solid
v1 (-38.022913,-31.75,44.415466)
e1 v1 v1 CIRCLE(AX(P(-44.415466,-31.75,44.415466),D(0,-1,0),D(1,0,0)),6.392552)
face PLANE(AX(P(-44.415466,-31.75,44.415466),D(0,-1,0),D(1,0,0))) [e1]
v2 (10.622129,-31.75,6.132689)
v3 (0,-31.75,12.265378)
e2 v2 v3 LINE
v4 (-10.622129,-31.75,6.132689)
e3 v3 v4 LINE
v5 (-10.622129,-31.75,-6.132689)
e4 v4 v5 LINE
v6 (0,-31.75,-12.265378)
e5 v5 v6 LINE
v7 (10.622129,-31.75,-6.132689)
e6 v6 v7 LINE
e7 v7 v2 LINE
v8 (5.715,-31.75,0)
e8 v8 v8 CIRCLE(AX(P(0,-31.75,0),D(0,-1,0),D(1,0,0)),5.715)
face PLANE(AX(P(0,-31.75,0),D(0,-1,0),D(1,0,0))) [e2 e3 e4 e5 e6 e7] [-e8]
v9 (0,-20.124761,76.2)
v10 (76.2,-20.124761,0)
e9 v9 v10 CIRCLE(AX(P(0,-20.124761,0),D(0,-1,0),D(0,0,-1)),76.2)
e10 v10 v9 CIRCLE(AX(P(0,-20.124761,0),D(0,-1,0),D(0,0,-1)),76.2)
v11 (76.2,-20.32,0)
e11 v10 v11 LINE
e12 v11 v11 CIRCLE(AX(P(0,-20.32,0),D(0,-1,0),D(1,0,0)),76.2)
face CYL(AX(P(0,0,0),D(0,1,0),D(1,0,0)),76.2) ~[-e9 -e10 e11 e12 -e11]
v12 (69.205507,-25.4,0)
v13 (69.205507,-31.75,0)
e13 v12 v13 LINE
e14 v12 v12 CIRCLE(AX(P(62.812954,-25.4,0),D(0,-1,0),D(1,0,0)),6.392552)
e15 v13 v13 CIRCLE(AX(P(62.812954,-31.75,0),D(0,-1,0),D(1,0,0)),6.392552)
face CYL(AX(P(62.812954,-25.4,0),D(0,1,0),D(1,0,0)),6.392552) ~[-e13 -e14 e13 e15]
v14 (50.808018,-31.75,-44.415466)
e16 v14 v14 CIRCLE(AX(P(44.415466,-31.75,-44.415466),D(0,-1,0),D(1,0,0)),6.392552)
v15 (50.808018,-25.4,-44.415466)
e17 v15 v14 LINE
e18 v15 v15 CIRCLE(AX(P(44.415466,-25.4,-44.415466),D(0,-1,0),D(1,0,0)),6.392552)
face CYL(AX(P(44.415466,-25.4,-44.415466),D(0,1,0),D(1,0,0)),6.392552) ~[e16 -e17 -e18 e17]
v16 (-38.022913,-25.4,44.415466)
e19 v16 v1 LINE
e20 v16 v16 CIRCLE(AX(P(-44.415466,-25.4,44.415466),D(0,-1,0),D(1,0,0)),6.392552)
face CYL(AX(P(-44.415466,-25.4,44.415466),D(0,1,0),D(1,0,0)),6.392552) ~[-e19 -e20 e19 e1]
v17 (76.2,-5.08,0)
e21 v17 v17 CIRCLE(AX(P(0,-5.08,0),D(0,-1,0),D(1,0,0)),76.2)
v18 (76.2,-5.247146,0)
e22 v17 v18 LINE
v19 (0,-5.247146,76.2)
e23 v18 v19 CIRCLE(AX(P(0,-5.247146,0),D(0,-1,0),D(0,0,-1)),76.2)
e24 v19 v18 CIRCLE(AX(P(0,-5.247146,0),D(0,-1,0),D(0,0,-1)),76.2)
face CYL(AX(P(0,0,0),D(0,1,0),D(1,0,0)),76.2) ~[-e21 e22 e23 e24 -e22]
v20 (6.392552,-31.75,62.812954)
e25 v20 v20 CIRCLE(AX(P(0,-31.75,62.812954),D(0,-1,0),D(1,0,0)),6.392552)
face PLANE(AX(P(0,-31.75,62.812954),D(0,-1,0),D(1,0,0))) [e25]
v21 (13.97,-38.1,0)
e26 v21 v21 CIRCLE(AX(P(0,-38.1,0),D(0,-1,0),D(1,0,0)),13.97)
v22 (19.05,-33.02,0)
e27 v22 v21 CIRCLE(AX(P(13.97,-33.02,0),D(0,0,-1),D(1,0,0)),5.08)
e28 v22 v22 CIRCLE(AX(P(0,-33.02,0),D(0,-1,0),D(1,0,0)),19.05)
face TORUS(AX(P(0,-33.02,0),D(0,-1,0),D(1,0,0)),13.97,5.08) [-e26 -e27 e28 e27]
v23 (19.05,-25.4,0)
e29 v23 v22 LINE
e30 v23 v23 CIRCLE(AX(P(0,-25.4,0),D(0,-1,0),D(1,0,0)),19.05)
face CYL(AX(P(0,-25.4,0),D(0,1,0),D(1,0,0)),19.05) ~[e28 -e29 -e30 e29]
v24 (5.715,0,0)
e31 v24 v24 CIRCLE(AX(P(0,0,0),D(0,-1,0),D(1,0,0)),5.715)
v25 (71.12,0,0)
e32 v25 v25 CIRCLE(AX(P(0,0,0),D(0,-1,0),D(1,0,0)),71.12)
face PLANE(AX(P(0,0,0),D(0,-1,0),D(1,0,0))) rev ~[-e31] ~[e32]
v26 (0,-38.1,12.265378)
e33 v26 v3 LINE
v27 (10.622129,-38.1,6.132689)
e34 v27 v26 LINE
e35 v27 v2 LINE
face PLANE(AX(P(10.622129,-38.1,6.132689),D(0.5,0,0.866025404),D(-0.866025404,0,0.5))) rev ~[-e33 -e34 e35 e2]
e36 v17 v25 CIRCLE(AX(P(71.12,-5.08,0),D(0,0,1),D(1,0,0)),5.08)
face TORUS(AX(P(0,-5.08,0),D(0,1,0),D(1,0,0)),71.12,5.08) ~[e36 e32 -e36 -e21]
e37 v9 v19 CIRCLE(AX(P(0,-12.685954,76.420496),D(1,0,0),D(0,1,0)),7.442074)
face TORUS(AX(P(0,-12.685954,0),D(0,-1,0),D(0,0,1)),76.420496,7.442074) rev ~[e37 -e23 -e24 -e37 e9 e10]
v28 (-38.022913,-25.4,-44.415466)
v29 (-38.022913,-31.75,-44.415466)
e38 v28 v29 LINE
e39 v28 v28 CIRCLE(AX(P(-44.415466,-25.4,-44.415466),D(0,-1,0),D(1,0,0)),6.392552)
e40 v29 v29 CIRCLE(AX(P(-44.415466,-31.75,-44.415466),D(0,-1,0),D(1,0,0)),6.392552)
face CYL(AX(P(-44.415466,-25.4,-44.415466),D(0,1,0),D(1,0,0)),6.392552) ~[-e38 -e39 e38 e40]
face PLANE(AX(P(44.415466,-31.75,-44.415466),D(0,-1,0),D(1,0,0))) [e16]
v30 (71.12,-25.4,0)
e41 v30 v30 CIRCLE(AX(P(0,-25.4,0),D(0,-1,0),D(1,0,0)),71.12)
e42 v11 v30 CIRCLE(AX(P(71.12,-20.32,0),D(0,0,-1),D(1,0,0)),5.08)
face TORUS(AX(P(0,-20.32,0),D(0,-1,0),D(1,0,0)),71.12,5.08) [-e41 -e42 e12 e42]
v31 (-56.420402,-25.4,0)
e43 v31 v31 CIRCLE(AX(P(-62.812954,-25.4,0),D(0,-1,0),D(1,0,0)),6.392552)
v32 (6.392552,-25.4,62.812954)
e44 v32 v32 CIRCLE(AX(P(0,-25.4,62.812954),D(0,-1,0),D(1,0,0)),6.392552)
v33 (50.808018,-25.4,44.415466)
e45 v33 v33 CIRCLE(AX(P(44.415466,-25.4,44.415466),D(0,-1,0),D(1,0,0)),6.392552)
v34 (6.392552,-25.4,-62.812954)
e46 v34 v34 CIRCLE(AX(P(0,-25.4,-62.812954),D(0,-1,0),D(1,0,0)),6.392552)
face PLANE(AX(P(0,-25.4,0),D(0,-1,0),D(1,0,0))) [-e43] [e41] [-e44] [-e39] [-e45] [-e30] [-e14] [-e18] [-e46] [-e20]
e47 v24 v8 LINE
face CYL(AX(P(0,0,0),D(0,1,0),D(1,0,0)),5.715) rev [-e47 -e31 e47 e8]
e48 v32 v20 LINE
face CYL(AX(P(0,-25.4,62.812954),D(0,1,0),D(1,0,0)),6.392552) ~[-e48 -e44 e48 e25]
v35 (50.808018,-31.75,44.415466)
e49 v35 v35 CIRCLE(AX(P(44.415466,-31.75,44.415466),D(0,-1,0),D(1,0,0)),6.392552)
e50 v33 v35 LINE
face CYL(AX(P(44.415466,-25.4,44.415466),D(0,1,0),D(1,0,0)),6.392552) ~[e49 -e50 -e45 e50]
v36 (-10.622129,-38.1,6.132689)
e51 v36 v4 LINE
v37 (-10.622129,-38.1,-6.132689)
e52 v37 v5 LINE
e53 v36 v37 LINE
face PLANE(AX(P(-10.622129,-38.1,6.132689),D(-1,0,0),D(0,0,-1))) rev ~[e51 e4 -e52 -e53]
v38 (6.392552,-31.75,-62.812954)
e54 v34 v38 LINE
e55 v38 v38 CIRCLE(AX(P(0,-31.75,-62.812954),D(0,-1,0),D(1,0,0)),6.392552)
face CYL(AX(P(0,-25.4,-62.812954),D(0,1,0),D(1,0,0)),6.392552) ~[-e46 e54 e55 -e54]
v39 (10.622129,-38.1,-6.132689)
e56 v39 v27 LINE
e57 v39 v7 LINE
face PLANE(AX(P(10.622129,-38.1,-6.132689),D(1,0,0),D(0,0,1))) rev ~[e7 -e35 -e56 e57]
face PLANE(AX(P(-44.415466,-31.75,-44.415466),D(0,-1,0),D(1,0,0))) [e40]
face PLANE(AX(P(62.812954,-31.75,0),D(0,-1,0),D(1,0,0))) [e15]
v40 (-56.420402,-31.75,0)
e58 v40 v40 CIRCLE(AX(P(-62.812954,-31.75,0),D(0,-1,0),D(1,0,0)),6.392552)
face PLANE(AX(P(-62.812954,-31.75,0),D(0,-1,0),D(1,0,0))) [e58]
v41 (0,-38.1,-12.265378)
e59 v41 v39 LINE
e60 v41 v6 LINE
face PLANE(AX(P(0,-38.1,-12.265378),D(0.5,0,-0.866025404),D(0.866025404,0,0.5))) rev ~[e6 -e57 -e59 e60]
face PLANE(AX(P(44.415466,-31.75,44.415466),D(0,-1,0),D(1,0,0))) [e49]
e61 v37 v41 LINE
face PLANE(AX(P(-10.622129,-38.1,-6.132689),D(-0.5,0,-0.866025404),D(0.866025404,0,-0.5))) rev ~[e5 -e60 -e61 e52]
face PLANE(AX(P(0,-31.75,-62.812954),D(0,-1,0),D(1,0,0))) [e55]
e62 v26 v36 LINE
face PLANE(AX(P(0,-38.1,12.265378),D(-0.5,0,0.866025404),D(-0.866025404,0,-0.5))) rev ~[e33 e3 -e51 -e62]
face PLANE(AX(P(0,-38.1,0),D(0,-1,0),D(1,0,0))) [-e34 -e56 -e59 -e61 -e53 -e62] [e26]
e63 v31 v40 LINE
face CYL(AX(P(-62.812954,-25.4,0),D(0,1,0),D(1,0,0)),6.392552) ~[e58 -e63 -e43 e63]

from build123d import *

# Parameters (mm, degrees)
F0_R      = 76.2
F1_DEPTH  = 25.4
F2_R      = 19.05
F3_DEPTH  = 12.7
F4_R      = 5.08
F5_R      = 5.08
F6_R      = 5.715
F7_DEPTH  = 38.1
F8_R      = 5.08
F9_R      = 5.715
F10_DEPTH = 6.35
F11_R     = 7.4420743401
F13_R     = 6.3925523525
F14_DEPTH = 6.35


with BuildPart() as f1:
    # F0 (on Front) → F1 (new body)
    with BuildSketch(Plane.XZ):
        Circle(F0_R)
    extrude(amount=F1_DEPTH)

    # F2 (on face) → F3 (join)
    with BuildSketch(Plane.XZ.offset(25.4)):
        Circle(F2_R)
    extrude(amount=F3_DEPTH)

    # F4
    f4_edges = [f1.edges().sort_by_distance(p)[0] for p in [
        (-76.2, -25.4, 0),
    ]]
    fillet(f4_edges, radius=F4_R)

    # F5
    f5_edges = [f1.edges().sort_by_distance(p)[0] for p in [
        (-76.2, 0, 0),
    ]]
    fillet(f5_edges, radius=F5_R)

    # F6 (on face) → F7 (cut)
    with BuildSketch(Plane.XZ):
        Circle(F6_R)
    extrude(amount=F7_DEPTH, mode=Mode.SUBTRACT)

    # F8
    f8_edges = [f1.edges().sort_by_distance(p)[0] for p in [
        (-19.05, -38.1, 0),
    ]]
    fillet(f8_edges, radius=F8_R)

    # F9 (on face) → F10 (cut)
    with BuildSketch(Plane.XZ.offset(38.1)):
        Polygon((10.6221288443, -6.1326889476), (10.6221288443, 6.1326889476), (0, 12.2653778952), (-10.6221288443, 6.1326889476), (-10.6221288443, -6.1326889476), (0, -12.2653778952), align=None)
        Circle(F9_R, mode=Mode.SUBTRACT)
    extrude(amount=-F10_DEPTH, mode=Mode.SUBTRACT)

    # F11 (on Right) → F12 (revolve, cut)
    with BuildSketch(Plane.YZ):
        with Locations((-12.6859535106, 76.4204957727)):
            Circle(F11_R)
    revolve(axis=Axis((0, 0, 0), (0, -1, 0)), mode=Mode.SUBTRACT)

    # F13 (on face) → F14 (join)
    with BuildSketch(Plane.XZ.offset(25.4)):
        with Locations((0, 62.8129541874)):
            Circle(F13_R)
        with Locations((-44.4154658523, 44.4154658523)):
            Circle(F13_R)
        with Locations((-62.8129541874, 0)):
            Circle(F13_R)
        with Locations((-44.4154658523, -44.4154658523)):
            Circle(F13_R)
        with Locations((0, -62.8129541874)):
            Circle(F13_R)
        with Locations((44.4154658523, -44.4154658523)):
            Circle(F13_R)
        with Locations((62.8129541874, 0)):
            Circle(F13_R)
        with Locations((44.4154658523, 44.4154658523)):
            Circle(F13_R)
    extrude(amount=F14_DEPTH)


solid = f1.part
